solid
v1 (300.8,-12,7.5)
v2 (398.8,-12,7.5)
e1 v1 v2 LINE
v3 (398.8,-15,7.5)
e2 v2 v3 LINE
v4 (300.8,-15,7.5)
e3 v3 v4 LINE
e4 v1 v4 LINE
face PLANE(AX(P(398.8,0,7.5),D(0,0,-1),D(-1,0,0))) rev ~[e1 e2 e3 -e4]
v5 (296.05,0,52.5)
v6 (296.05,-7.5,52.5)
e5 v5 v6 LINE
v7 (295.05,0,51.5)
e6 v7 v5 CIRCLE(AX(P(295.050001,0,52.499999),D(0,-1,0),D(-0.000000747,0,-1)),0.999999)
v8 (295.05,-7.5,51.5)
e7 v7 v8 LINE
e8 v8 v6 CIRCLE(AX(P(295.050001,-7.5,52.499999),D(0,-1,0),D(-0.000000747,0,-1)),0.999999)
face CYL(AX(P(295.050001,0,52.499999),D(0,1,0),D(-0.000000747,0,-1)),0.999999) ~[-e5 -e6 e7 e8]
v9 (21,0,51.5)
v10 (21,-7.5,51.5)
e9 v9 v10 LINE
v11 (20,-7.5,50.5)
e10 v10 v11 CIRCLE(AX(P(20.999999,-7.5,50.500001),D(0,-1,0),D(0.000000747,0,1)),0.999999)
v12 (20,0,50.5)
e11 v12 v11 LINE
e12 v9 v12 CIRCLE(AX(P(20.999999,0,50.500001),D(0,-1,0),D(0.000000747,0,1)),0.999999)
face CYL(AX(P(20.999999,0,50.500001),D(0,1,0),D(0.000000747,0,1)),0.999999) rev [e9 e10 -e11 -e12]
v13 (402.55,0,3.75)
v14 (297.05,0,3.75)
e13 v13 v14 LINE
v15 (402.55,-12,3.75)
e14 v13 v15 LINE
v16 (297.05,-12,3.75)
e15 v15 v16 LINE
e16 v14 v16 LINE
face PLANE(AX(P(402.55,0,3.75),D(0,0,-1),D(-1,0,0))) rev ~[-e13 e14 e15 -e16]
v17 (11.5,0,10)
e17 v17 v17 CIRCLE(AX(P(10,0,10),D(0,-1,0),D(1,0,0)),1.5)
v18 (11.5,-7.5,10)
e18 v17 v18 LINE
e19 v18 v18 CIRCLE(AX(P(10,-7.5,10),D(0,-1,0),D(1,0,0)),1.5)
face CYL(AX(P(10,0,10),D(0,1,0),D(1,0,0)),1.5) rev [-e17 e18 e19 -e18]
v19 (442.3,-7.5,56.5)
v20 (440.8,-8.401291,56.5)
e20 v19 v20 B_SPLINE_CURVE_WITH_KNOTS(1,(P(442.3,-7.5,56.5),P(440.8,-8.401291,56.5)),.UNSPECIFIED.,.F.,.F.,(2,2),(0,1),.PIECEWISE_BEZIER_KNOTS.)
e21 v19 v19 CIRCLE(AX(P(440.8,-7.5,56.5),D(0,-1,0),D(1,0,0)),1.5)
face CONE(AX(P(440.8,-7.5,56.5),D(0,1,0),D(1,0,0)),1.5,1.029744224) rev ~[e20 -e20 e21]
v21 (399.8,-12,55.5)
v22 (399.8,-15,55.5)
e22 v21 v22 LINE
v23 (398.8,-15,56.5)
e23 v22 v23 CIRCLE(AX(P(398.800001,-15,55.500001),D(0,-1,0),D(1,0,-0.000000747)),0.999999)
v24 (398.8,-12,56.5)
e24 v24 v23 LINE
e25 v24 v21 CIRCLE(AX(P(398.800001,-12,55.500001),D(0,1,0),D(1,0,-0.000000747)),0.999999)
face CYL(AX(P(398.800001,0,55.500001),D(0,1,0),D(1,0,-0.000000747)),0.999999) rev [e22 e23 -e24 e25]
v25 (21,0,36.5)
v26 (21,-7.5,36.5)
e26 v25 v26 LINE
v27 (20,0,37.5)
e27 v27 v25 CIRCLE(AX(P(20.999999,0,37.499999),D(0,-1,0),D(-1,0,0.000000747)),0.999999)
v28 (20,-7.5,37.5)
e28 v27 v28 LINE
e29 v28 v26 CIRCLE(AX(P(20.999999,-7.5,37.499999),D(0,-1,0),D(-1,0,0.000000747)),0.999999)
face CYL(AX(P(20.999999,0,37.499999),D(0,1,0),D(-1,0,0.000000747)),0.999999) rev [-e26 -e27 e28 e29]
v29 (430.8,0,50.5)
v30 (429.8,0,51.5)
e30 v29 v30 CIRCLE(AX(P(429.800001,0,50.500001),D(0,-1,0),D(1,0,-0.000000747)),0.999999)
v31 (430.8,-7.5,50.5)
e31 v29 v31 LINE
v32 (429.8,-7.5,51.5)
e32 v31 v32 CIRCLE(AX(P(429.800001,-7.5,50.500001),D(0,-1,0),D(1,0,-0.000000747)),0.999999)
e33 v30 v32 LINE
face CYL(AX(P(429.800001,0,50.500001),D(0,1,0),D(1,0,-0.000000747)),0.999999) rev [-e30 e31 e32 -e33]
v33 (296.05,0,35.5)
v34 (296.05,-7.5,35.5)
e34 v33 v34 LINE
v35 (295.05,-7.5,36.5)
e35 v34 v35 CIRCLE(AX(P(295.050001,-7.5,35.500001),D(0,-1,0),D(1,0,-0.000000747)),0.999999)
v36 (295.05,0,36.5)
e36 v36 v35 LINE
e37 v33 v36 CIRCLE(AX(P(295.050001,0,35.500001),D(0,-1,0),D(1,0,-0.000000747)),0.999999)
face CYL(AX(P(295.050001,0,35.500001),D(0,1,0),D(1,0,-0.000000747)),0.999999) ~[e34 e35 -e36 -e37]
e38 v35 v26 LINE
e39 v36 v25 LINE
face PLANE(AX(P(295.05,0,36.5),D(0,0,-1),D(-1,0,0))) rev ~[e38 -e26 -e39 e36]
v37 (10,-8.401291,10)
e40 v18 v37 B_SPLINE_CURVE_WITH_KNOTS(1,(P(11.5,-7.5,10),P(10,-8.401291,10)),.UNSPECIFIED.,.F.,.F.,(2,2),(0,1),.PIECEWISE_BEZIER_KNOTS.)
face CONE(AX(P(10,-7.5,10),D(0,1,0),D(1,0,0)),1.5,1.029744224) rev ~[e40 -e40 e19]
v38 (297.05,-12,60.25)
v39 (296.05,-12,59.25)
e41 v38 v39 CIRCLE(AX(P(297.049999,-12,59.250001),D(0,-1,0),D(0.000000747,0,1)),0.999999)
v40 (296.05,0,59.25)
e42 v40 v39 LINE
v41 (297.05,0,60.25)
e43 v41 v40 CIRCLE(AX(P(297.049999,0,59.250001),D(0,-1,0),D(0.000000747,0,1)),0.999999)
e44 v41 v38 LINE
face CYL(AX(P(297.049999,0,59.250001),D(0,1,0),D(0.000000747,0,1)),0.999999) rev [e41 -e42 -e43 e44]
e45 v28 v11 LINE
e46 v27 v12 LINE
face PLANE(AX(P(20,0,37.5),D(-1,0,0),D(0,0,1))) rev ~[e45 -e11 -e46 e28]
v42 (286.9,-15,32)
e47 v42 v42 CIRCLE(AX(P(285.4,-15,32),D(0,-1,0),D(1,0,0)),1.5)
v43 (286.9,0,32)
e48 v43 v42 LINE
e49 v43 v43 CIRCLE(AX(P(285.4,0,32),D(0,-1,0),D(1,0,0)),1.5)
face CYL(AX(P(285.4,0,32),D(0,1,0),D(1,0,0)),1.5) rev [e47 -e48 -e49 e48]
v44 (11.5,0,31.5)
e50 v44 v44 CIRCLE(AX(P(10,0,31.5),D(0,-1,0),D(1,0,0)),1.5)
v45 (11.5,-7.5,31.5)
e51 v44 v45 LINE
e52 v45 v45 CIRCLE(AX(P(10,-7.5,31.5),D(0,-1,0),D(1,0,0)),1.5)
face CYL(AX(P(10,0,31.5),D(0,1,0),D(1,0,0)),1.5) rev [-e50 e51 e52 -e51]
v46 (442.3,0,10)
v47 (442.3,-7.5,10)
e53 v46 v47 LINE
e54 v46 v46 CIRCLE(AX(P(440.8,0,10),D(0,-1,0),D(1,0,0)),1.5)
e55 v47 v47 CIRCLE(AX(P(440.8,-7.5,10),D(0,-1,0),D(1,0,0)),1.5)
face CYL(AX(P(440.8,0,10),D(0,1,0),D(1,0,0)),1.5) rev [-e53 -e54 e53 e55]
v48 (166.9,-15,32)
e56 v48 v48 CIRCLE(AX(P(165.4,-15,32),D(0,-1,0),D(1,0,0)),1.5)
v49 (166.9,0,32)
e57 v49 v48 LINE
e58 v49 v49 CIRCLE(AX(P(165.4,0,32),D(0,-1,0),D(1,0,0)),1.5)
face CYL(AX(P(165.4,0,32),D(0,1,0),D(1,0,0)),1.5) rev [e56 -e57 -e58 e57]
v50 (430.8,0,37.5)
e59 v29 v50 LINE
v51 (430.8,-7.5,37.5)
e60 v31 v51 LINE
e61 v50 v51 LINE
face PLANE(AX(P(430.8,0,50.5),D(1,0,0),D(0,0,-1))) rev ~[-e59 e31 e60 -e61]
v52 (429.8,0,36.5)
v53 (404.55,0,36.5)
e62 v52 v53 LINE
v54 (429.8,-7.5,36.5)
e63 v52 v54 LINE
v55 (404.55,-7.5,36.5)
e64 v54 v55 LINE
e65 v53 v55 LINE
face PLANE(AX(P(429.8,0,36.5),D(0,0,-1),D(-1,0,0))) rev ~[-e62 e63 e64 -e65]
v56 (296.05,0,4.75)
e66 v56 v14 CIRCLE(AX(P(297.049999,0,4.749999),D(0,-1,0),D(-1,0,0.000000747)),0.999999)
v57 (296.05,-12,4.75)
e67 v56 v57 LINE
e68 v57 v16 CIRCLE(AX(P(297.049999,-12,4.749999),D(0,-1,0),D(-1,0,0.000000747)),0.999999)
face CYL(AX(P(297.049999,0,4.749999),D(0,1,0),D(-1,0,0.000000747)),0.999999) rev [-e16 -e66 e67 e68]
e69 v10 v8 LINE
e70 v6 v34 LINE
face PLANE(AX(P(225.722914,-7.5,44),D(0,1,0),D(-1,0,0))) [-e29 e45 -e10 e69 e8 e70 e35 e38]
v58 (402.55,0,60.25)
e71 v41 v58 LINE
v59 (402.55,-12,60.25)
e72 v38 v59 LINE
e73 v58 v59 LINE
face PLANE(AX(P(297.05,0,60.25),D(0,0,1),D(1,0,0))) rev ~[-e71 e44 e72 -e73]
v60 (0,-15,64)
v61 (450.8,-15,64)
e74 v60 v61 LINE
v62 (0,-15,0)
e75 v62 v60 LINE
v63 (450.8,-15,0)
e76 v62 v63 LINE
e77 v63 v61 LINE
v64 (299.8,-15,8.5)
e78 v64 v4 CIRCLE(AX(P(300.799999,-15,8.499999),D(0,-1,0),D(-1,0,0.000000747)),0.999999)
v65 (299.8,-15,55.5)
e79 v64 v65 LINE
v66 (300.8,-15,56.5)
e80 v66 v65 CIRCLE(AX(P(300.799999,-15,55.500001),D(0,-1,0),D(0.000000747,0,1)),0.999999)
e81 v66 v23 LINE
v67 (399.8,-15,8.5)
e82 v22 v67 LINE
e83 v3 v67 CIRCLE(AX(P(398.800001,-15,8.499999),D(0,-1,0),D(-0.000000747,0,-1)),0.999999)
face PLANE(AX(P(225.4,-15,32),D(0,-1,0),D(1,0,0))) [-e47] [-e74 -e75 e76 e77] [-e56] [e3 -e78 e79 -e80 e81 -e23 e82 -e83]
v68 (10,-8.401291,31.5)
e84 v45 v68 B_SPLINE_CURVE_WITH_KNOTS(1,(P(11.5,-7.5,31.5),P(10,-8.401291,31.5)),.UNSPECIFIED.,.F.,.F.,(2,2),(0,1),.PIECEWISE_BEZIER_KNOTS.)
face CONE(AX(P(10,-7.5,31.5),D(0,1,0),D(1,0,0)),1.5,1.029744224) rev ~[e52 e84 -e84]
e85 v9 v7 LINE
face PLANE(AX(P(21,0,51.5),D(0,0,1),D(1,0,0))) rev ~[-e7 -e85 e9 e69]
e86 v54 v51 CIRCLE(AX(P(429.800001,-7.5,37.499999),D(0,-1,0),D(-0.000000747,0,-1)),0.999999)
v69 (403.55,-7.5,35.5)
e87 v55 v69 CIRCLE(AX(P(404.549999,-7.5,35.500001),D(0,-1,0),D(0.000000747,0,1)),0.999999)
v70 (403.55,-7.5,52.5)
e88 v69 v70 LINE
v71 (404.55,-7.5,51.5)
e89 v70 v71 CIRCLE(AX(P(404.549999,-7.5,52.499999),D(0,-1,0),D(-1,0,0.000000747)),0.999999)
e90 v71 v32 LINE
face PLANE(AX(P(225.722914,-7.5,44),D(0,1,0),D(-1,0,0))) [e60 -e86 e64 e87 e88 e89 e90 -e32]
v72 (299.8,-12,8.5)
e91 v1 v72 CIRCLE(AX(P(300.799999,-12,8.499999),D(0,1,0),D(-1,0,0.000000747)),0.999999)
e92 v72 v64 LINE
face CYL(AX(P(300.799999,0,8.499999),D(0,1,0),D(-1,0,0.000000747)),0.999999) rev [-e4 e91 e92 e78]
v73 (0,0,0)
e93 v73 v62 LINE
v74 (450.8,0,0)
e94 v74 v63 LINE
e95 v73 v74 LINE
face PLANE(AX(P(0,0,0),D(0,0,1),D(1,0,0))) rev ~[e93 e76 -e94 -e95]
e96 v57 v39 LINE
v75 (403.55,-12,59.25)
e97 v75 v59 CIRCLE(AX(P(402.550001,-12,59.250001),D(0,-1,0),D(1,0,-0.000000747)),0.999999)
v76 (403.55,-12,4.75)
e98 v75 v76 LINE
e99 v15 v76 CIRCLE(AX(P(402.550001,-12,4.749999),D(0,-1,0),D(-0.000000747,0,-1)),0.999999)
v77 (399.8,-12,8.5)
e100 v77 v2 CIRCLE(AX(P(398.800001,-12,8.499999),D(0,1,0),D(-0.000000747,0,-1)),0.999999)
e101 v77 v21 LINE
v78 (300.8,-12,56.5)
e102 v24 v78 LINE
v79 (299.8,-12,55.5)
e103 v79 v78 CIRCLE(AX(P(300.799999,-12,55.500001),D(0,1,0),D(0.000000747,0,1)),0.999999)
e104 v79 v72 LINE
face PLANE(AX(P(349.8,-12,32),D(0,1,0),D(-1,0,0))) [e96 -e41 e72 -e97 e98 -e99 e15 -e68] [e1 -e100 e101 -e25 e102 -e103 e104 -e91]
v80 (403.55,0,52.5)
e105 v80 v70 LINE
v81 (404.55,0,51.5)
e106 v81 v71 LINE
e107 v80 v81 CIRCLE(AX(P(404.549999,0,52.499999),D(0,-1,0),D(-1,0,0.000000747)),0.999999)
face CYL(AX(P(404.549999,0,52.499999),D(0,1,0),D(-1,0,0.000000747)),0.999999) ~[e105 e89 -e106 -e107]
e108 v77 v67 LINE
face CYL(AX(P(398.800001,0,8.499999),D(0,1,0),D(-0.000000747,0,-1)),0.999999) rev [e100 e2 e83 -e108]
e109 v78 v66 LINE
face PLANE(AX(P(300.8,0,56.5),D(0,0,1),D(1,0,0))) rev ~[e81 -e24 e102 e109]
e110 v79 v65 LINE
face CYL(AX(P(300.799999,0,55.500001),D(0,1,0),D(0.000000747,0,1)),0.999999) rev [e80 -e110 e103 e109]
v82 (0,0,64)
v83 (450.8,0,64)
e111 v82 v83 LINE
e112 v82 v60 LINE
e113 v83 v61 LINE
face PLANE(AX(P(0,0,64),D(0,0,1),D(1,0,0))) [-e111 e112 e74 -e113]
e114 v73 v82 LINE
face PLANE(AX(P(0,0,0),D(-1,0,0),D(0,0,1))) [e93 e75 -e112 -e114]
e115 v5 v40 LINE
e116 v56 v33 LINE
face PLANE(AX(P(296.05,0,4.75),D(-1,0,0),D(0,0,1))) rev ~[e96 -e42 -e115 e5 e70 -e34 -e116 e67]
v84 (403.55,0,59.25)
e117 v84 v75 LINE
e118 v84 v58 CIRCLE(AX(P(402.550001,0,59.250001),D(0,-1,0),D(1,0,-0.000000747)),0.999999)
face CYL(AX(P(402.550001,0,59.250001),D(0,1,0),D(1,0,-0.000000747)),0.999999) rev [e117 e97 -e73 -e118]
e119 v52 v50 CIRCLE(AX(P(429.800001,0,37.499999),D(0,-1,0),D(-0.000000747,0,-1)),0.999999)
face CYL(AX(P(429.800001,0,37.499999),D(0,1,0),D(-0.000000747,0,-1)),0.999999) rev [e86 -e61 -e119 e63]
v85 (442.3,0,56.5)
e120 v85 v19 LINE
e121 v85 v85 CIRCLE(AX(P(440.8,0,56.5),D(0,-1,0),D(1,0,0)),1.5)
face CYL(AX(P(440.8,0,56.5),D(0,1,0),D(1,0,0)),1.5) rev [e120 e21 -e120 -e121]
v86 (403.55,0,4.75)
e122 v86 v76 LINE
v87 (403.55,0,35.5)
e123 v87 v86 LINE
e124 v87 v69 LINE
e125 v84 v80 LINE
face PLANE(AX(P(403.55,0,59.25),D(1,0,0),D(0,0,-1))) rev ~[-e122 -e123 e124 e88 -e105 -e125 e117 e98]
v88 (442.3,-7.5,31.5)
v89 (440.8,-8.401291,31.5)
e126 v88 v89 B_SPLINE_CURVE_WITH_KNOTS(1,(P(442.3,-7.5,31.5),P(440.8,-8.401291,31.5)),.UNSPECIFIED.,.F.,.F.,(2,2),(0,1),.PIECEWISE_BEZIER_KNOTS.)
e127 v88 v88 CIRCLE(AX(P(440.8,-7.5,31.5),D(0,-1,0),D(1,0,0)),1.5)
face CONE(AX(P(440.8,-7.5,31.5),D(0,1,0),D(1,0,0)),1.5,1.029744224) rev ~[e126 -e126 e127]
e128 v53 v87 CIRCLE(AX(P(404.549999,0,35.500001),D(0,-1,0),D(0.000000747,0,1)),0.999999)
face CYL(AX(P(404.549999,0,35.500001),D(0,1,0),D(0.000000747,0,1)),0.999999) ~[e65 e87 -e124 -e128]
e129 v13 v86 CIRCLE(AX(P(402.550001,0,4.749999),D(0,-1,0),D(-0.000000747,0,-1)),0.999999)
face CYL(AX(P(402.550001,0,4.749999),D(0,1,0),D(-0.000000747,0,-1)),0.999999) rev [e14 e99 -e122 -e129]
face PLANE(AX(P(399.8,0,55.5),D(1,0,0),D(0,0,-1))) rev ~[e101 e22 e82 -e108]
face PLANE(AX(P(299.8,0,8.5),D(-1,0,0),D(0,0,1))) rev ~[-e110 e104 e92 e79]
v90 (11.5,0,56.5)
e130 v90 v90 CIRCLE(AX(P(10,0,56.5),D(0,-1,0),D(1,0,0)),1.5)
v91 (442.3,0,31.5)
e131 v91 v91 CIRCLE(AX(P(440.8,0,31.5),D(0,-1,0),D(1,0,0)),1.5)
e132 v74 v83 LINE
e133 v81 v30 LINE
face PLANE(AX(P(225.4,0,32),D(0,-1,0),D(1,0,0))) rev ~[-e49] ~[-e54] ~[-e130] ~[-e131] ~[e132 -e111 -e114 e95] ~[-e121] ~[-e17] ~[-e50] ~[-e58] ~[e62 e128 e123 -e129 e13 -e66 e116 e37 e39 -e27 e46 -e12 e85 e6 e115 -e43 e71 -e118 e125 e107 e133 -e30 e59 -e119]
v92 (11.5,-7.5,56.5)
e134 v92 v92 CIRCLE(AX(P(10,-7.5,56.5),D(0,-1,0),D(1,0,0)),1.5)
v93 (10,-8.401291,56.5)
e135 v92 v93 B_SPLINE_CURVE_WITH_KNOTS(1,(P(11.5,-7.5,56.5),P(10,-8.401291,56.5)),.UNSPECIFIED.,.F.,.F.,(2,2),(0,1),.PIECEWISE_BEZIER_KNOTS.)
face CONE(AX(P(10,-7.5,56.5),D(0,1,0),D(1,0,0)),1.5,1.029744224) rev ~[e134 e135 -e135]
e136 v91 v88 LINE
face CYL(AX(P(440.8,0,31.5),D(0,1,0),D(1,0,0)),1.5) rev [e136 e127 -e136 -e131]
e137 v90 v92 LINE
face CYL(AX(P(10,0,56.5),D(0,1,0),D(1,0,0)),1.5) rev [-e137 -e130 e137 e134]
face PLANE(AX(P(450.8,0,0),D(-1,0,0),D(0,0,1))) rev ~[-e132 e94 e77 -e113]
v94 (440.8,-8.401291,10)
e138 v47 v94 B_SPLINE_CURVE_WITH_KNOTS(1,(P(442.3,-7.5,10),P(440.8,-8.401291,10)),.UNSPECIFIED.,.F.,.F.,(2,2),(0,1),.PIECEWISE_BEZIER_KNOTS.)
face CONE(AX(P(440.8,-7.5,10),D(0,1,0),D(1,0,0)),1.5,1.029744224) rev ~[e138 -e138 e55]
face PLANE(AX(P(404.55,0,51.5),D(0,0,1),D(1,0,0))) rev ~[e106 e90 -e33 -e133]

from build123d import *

# Parameters (mm, degrees)
SKETCH_W        = 450.8
SKETCH_H        = 64
SKETCH_R        = 1.5
PAD_DEPTH       = 15
POCKET_DEPTH    = 12
POCKET001_DEPTH = 7.5
SKETCH003_R     = 1.5
HOLE_DEPTH      = 7.5
HOLE_TIPS_R     = 1.5


with BuildPart() as part:
    # Sketch → Pad (new body)
    with BuildSketch(Plane.XZ):
        with Locations((225.4, 32)):
            Rectangle(SKETCH_W, SKETCH_H)
        with Locations((165.4, 32)):
            Circle(SKETCH_R, mode=Mode.SUBTRACT)
        with Locations((285.4, 32)):
            Circle(SKETCH_R, mode=Mode.SUBTRACT)
        with BuildLine():
            Line((300.8, 56.5), (398.8, 56.5))
            ThreePointArc((399.8, 55.5), (399.507107, 56.207107), (398.8, 56.5))
            Line((399.8, 55.5), (399.8, 8.5))
            ThreePointArc((398.8, 7.5), (399.507107, 7.792893), (399.8, 8.5))
            Line((398.8, 7.5), (300.8, 7.5))
            ThreePointArc((299.8, 8.5), (300.092893, 7.792893), (300.8, 7.5))
            Line((299.8, 8.5), (299.8, 55.5))
            ThreePointArc((300.8, 56.5), (300.092893, 56.207107), (299.8, 55.5))
        make_face(mode=Mode.SUBTRACT)
    extrude(amount=PAD_DEPTH)

    # Sketch001 (on DatumPlane) → Pocket (cut)
    with BuildSketch(Plane.XZ):
        with BuildLine():
            Line((297.05, 60.25), (402.55, 60.25))
            ThreePointArc((403.55, 59.25), (403.257107, 59.957107), (402.55, 60.25))
            Line((403.55, 59.25), (403.55, 4.75))
            ThreePointArc((402.55, 3.75), (403.257107, 4.042893), (403.55, 4.75))
            Line((402.55, 3.75), (297.05, 3.75))
            ThreePointArc((296.05, 4.75), (296.342893, 4.042893), (297.05, 3.75))
            Line((296.05, 4.75), (296.05, 59.25))
            ThreePointArc((297.05, 60.25), (296.342893, 59.957107), (296.05, 59.25))
        make_face()
    extrude(amount=POCKET_DEPTH, mode=Mode.SUBTRACT)

    # Sketch002 (on DatumPlane) → Pocket001 (cut)
    with BuildSketch(Plane.XZ):
        with BuildLine():
            Line((21, 51.5), (295.05, 51.5))
            ThreePointArc((295.05, 51.5), (295.757107, 51.792893), (296.05, 52.5))
            Line((296.05, 52.5), (403.55, 52.5))
            ThreePointArc((403.55, 52.5), (403.842893, 51.792893), (404.55, 51.5))
            Line((404.55, 51.5), (429.8, 51.5))
            ThreePointArc((430.8, 50.5), (430.507107, 51.207107), (429.8, 51.5))
            Line((430.8, 50.5), (430.8, 37.5))
            ThreePointArc((429.8, 36.5), (430.507107, 36.792893), (430.8, 37.5))
            Line((429.8, 36.5), (404.55, 36.5))
            ThreePointArc((404.55, 36.5), (403.842893, 36.207107), (403.55, 35.5))
            Line((296.05, 35.5), (403.55, 35.5))
            ThreePointArc((296.05, 35.5), (295.757107, 36.207107), (295.05, 36.5))
            Line((295.05, 36.5), (21, 36.5))
            ThreePointArc((20, 37.5), (20.292893, 36.792893), (21, 36.5))
            Line((20, 37.5), (20, 50.5))
            ThreePointArc((21, 51.5), (20.292893, 51.207107), (20, 50.5))
        make_face()
    extrude(amount=POCKET001_DEPTH, mode=Mode.SUBTRACT)

    # Sketch003 (on DatumPlane) → Hole (cut)
    with BuildSketch(Plane.XZ):
        with Locations((10, 56.5)):
            Circle(SKETCH003_R)
        with Locations((10, 31.5)):
            Circle(SKETCH003_R)
        with Locations((10, 10)):
            Circle(SKETCH003_R)
        with Locations((440.8, 56.5)):
            Circle(SKETCH003_R)
        with Locations((440.8, 31.5)):
            Circle(SKETCH003_R)
        with Locations((440.8, 10)):
            Circle(SKETCH003_R)
    extrude(amount=HOLE_DEPTH, mode=Mode.SUBTRACT)

    # Hole tips → Hole tip 1 section 0
    with BuildSketch(Plane.XZ.offset(7.5), mode=Mode.PRIVATE) as hole_tip_1_s0:
        with Locations((10, 56.5)):
            Circle(HOLE_TIPS_R)
    loft([hole_tip_1_s0.sketch, Vertex(10, -8.401291, 56.5)], mode=Mode.SUBTRACT)

    # Hole tips → Hole tip 2 section 0
    with BuildSketch(Plane.XZ.offset(7.5), mode=Mode.PRIVATE) as hole_tip_2_s0:
        with Locations((10, 31.5)):
            Circle(HOLE_TIPS_R)
    loft([hole_tip_2_s0.sketch, Vertex(10, -8.401291, 31.5)], mode=Mode.SUBTRACT)

    # Hole tips → Hole tip 3 section 0
    with BuildSketch(Plane.XZ.offset(7.5), mode=Mode.PRIVATE) as hole_tip_3_s0:
        with Locations((10, 10)):
            Circle(HOLE_TIPS_R)
    loft([hole_tip_3_s0.sketch, Vertex(10, -8.401291, 10)], mode=Mode.SUBTRACT)

    # Hole tips → Hole tip 4 section 0
    with BuildSketch(Plane.XZ.offset(7.5), mode=Mode.PRIVATE) as hole_tip_4_s0:
        with Locations((440.8, 56.5)):
            Circle(HOLE_TIPS_R)
    loft([hole_tip_4_s0.sketch, Vertex(440.8, -8.401291, 56.5)], mode=Mode.SUBTRACT)

    # Hole tips → Hole tip 5 section 0
    with BuildSketch(Plane.XZ.offset(7.5), mode=Mode.PRIVATE) as hole_tip_5_s0:
        with Locations((440.8, 31.5)):
            Circle(HOLE_TIPS_R)
    loft([hole_tip_5_s0.sketch, Vertex(440.8, -8.401291, 31.5)], mode=Mode.SUBTRACT)

    # Hole tips → Hole tip 6 section 0
    with BuildSketch(Plane.XZ.offset(7.5), mode=Mode.PRIVATE) as hole_tip_6_s0:
        with Locations((440.8, 10)):
            Circle(HOLE_TIPS_R)
    loft([hole_tip_6_s0.sketch, Vertex(440.8, -8.401291, 10)], mode=Mode.SUBTRACT)


solid = part.part
